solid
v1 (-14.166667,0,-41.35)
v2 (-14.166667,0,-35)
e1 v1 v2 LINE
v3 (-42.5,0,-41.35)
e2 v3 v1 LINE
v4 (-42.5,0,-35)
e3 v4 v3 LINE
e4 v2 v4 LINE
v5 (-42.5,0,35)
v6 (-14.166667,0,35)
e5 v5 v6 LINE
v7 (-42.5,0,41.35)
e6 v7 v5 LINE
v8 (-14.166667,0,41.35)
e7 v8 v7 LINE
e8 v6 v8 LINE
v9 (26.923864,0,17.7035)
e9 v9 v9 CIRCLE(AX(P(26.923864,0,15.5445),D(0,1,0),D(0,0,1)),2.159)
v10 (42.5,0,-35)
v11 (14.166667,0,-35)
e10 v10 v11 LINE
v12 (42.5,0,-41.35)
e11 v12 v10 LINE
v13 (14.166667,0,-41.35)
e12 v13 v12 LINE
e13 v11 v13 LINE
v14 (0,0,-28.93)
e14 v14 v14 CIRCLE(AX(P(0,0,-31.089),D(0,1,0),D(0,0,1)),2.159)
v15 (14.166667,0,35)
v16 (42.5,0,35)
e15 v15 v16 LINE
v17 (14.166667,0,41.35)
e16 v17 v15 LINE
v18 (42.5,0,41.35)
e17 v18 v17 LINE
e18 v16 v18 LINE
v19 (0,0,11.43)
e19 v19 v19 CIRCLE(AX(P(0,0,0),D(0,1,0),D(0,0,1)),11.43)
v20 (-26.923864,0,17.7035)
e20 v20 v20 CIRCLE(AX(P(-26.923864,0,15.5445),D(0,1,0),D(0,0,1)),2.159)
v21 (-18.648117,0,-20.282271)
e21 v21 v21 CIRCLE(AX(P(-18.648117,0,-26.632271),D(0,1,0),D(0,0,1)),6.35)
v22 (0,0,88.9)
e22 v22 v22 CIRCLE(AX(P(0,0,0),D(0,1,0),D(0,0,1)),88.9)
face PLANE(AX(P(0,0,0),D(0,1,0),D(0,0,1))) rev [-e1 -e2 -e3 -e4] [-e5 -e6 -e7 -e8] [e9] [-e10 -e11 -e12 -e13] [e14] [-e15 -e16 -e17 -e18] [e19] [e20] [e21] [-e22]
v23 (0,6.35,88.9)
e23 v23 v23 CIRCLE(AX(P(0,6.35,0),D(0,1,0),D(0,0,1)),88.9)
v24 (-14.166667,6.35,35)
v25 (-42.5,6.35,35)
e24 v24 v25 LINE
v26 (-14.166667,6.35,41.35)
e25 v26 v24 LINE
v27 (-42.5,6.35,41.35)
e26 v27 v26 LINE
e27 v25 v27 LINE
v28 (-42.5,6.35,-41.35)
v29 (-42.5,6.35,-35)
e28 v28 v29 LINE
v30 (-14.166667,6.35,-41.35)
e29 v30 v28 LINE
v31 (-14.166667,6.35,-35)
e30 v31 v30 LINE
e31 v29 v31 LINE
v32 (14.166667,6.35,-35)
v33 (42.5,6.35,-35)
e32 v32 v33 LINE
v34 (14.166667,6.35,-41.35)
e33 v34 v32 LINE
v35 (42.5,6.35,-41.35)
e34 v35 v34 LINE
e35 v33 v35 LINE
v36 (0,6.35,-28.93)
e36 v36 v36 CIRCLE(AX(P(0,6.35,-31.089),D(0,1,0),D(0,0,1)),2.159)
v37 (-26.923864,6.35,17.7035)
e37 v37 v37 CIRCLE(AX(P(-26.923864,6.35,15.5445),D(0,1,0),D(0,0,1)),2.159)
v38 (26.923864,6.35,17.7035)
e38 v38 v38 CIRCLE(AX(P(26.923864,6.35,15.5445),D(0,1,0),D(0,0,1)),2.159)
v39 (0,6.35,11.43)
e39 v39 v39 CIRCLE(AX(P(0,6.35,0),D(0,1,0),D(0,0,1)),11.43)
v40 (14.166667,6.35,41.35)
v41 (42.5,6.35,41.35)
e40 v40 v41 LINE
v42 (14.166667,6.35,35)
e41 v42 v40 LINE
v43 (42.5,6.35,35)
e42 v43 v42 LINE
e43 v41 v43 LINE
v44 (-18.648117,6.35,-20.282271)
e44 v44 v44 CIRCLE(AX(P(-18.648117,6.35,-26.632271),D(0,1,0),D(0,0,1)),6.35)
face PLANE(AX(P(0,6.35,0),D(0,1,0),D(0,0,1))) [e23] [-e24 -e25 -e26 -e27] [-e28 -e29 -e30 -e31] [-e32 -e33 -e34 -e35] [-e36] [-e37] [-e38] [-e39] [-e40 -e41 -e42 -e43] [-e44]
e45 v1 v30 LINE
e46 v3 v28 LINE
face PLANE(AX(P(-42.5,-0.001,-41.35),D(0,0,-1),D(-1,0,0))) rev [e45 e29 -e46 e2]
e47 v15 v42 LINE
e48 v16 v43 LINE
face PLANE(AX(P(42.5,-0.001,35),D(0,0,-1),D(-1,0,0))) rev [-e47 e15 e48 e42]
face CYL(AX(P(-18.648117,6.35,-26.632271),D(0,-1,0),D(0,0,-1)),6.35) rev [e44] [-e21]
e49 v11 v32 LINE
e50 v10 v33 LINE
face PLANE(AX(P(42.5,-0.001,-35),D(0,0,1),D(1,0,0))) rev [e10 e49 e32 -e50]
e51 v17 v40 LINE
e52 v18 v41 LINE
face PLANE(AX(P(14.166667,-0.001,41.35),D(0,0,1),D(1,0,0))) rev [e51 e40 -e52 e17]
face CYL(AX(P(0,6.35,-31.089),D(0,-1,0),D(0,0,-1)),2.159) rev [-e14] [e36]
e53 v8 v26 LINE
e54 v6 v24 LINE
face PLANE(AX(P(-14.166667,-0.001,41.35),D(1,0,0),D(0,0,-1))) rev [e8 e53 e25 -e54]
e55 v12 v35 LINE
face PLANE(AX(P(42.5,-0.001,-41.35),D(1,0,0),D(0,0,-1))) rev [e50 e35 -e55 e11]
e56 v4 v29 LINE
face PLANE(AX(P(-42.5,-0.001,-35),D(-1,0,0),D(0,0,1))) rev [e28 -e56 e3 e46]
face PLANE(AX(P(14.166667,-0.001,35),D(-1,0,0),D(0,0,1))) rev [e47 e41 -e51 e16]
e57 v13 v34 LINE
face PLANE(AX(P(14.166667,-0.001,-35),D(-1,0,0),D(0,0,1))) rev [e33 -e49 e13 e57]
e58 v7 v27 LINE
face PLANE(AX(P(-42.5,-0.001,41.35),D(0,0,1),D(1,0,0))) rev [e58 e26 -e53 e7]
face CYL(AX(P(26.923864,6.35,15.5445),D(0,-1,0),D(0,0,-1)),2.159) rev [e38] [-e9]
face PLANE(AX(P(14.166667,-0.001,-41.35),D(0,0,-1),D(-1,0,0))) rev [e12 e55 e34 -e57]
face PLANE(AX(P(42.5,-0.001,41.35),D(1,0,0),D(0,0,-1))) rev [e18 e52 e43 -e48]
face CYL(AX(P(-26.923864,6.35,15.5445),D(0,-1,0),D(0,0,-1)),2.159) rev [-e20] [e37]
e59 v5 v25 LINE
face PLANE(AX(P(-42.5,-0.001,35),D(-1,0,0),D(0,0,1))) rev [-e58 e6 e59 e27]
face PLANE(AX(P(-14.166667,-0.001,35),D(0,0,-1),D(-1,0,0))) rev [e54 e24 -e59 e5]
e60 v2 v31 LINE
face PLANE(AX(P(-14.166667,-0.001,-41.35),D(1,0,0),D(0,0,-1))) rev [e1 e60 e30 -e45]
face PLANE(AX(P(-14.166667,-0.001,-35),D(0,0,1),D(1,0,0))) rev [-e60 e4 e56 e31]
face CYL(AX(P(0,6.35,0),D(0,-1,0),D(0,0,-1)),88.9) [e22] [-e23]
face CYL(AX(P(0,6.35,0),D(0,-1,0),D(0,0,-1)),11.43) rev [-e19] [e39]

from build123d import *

# Parameters (mm, degrees)
SKETCH1_R            = 88.9
SKETCH1_R_2          = 11.43
SKETCH1_R_3          = 2.159
SKETCH1_R_4          = 6.35
BODY_DEPTH           = 6.35
MOUNTING_TEETH_REACH = 127.884
SKETCH2_W            = 28.333333333
SKETCH2_H            = 6.35


with BuildPart() as part:
    # Sketch1 → Body (new body)
    with BuildSketch(Plane(origin=(0, 0, 0), x_dir=(1, 0, 0), z_dir=(0, 1, 0))):
        with Locations(Location((0, 0, 0), (0, 0, 270))):
            Circle(SKETCH1_R)
        with Locations(Location((0, 0, 0), (0, 0, 270))):
            Circle(SKETCH1_R_2, mode=Mode.SUBTRACT)
        with Locations(Location((0, 31.089, 0), (0, 0, 270))):
            Circle(SKETCH1_R_3, mode=Mode.SUBTRACT)
        with Locations(Location((26.923863778, -15.5445, 0), (0, 0, 270))):
            Circle(SKETCH1_R_3, mode=Mode.SUBTRACT)
        with Locations(Location((-26.923863778, -15.5445, 0), (0, 0, 270))):
            Circle(SKETCH1_R_3, mode=Mode.SUBTRACT)
        with Locations(Location((-18.648117099, 26.632271264, 0), (0, 0, 270))):
            Circle(SKETCH1_R_4, mode=Mode.SUBTRACT)
    extrude(amount=BODY_DEPTH)

    # Sketch2 → Mounting teeth (cut, up to next)
    with BuildSketch(Plane(origin=(0, 6.35, 0), x_dir=(1, 0, 0), z_dir=(0, 1, 0)), mode=Mode.PRIVATE) as mounting_teeth_sk1:
        with Locations((-28.333333334, 38.175)):
            Rectangle(SKETCH2_W, SKETCH2_H)
    mounting_teeth_tool1 = extrude(mounting_teeth_sk1.sketch, amount=-MOUNTING_TEETH_REACH, mode=Mode.PRIVATE) & part.part
    # Sketch2 → Mounting teeth (cut, up to next)
    with BuildSketch(Plane(origin=(0, 6.35, 0), x_dir=(1, 0, 0), z_dir=(0, 1, 0)), mode=Mode.PRIVATE) as mounting_teeth_sk2:
        with Locations((28.333333334, 38.175)):
            Rectangle(SKETCH2_W, SKETCH2_H)
    mounting_teeth_tool2 = extrude(mounting_teeth_sk2.sketch, amount=-MOUNTING_TEETH_REACH, mode=Mode.PRIVATE) & part.part
    # Sketch2 → Mounting teeth (cut, up to next)
    with BuildSketch(Plane(origin=(0, 6.35, 0), x_dir=(1, 0, 0), z_dir=(0, 1, 0)), mode=Mode.PRIVATE) as mounting_teeth_sk3:
        with Locations((28.333333334, -38.175)):
            Rectangle(SKETCH2_W, SKETCH2_H)
    mounting_teeth_tool3 = extrude(mounting_teeth_sk3.sketch, amount=-MOUNTING_TEETH_REACH, mode=Mode.PRIVATE) & part.part
    # Sketch2 → Mounting teeth (cut, up to next)
    with BuildSketch(Plane(origin=(0, 6.35, 0), x_dir=(1, 0, 0), z_dir=(0, 1, 0)), mode=Mode.PRIVATE) as mounting_teeth_sk4:
        with Locations((-28.333333334, -38.175)):
            Rectangle(SKETCH2_W, SKETCH2_H)
    mounting_teeth_tool4 = extrude(mounting_teeth_sk4.sketch, amount=-MOUNTING_TEETH_REACH, mode=Mode.PRIVATE) & part.part
    add(mounting_teeth_tool1.solids().sort_by_distance((-28.333333, 6.35, -38.175))[0], mode=Mode.SUBTRACT)
    add(mounting_teeth_tool2.solids().sort_by_distance((28.333333, 6.35, -38.175))[0], mode=Mode.SUBTRACT)
    add(mounting_teeth_tool3.solids().sort_by_distance((28.333333, 6.35, 38.175))[0], mode=Mode.SUBTRACT)
    add(mounting_teeth_tool4.solids().sort_by_distance((-28.333333, 6.35, 38.175))[0], mode=Mode.SUBTRACT)


solid = part.part
